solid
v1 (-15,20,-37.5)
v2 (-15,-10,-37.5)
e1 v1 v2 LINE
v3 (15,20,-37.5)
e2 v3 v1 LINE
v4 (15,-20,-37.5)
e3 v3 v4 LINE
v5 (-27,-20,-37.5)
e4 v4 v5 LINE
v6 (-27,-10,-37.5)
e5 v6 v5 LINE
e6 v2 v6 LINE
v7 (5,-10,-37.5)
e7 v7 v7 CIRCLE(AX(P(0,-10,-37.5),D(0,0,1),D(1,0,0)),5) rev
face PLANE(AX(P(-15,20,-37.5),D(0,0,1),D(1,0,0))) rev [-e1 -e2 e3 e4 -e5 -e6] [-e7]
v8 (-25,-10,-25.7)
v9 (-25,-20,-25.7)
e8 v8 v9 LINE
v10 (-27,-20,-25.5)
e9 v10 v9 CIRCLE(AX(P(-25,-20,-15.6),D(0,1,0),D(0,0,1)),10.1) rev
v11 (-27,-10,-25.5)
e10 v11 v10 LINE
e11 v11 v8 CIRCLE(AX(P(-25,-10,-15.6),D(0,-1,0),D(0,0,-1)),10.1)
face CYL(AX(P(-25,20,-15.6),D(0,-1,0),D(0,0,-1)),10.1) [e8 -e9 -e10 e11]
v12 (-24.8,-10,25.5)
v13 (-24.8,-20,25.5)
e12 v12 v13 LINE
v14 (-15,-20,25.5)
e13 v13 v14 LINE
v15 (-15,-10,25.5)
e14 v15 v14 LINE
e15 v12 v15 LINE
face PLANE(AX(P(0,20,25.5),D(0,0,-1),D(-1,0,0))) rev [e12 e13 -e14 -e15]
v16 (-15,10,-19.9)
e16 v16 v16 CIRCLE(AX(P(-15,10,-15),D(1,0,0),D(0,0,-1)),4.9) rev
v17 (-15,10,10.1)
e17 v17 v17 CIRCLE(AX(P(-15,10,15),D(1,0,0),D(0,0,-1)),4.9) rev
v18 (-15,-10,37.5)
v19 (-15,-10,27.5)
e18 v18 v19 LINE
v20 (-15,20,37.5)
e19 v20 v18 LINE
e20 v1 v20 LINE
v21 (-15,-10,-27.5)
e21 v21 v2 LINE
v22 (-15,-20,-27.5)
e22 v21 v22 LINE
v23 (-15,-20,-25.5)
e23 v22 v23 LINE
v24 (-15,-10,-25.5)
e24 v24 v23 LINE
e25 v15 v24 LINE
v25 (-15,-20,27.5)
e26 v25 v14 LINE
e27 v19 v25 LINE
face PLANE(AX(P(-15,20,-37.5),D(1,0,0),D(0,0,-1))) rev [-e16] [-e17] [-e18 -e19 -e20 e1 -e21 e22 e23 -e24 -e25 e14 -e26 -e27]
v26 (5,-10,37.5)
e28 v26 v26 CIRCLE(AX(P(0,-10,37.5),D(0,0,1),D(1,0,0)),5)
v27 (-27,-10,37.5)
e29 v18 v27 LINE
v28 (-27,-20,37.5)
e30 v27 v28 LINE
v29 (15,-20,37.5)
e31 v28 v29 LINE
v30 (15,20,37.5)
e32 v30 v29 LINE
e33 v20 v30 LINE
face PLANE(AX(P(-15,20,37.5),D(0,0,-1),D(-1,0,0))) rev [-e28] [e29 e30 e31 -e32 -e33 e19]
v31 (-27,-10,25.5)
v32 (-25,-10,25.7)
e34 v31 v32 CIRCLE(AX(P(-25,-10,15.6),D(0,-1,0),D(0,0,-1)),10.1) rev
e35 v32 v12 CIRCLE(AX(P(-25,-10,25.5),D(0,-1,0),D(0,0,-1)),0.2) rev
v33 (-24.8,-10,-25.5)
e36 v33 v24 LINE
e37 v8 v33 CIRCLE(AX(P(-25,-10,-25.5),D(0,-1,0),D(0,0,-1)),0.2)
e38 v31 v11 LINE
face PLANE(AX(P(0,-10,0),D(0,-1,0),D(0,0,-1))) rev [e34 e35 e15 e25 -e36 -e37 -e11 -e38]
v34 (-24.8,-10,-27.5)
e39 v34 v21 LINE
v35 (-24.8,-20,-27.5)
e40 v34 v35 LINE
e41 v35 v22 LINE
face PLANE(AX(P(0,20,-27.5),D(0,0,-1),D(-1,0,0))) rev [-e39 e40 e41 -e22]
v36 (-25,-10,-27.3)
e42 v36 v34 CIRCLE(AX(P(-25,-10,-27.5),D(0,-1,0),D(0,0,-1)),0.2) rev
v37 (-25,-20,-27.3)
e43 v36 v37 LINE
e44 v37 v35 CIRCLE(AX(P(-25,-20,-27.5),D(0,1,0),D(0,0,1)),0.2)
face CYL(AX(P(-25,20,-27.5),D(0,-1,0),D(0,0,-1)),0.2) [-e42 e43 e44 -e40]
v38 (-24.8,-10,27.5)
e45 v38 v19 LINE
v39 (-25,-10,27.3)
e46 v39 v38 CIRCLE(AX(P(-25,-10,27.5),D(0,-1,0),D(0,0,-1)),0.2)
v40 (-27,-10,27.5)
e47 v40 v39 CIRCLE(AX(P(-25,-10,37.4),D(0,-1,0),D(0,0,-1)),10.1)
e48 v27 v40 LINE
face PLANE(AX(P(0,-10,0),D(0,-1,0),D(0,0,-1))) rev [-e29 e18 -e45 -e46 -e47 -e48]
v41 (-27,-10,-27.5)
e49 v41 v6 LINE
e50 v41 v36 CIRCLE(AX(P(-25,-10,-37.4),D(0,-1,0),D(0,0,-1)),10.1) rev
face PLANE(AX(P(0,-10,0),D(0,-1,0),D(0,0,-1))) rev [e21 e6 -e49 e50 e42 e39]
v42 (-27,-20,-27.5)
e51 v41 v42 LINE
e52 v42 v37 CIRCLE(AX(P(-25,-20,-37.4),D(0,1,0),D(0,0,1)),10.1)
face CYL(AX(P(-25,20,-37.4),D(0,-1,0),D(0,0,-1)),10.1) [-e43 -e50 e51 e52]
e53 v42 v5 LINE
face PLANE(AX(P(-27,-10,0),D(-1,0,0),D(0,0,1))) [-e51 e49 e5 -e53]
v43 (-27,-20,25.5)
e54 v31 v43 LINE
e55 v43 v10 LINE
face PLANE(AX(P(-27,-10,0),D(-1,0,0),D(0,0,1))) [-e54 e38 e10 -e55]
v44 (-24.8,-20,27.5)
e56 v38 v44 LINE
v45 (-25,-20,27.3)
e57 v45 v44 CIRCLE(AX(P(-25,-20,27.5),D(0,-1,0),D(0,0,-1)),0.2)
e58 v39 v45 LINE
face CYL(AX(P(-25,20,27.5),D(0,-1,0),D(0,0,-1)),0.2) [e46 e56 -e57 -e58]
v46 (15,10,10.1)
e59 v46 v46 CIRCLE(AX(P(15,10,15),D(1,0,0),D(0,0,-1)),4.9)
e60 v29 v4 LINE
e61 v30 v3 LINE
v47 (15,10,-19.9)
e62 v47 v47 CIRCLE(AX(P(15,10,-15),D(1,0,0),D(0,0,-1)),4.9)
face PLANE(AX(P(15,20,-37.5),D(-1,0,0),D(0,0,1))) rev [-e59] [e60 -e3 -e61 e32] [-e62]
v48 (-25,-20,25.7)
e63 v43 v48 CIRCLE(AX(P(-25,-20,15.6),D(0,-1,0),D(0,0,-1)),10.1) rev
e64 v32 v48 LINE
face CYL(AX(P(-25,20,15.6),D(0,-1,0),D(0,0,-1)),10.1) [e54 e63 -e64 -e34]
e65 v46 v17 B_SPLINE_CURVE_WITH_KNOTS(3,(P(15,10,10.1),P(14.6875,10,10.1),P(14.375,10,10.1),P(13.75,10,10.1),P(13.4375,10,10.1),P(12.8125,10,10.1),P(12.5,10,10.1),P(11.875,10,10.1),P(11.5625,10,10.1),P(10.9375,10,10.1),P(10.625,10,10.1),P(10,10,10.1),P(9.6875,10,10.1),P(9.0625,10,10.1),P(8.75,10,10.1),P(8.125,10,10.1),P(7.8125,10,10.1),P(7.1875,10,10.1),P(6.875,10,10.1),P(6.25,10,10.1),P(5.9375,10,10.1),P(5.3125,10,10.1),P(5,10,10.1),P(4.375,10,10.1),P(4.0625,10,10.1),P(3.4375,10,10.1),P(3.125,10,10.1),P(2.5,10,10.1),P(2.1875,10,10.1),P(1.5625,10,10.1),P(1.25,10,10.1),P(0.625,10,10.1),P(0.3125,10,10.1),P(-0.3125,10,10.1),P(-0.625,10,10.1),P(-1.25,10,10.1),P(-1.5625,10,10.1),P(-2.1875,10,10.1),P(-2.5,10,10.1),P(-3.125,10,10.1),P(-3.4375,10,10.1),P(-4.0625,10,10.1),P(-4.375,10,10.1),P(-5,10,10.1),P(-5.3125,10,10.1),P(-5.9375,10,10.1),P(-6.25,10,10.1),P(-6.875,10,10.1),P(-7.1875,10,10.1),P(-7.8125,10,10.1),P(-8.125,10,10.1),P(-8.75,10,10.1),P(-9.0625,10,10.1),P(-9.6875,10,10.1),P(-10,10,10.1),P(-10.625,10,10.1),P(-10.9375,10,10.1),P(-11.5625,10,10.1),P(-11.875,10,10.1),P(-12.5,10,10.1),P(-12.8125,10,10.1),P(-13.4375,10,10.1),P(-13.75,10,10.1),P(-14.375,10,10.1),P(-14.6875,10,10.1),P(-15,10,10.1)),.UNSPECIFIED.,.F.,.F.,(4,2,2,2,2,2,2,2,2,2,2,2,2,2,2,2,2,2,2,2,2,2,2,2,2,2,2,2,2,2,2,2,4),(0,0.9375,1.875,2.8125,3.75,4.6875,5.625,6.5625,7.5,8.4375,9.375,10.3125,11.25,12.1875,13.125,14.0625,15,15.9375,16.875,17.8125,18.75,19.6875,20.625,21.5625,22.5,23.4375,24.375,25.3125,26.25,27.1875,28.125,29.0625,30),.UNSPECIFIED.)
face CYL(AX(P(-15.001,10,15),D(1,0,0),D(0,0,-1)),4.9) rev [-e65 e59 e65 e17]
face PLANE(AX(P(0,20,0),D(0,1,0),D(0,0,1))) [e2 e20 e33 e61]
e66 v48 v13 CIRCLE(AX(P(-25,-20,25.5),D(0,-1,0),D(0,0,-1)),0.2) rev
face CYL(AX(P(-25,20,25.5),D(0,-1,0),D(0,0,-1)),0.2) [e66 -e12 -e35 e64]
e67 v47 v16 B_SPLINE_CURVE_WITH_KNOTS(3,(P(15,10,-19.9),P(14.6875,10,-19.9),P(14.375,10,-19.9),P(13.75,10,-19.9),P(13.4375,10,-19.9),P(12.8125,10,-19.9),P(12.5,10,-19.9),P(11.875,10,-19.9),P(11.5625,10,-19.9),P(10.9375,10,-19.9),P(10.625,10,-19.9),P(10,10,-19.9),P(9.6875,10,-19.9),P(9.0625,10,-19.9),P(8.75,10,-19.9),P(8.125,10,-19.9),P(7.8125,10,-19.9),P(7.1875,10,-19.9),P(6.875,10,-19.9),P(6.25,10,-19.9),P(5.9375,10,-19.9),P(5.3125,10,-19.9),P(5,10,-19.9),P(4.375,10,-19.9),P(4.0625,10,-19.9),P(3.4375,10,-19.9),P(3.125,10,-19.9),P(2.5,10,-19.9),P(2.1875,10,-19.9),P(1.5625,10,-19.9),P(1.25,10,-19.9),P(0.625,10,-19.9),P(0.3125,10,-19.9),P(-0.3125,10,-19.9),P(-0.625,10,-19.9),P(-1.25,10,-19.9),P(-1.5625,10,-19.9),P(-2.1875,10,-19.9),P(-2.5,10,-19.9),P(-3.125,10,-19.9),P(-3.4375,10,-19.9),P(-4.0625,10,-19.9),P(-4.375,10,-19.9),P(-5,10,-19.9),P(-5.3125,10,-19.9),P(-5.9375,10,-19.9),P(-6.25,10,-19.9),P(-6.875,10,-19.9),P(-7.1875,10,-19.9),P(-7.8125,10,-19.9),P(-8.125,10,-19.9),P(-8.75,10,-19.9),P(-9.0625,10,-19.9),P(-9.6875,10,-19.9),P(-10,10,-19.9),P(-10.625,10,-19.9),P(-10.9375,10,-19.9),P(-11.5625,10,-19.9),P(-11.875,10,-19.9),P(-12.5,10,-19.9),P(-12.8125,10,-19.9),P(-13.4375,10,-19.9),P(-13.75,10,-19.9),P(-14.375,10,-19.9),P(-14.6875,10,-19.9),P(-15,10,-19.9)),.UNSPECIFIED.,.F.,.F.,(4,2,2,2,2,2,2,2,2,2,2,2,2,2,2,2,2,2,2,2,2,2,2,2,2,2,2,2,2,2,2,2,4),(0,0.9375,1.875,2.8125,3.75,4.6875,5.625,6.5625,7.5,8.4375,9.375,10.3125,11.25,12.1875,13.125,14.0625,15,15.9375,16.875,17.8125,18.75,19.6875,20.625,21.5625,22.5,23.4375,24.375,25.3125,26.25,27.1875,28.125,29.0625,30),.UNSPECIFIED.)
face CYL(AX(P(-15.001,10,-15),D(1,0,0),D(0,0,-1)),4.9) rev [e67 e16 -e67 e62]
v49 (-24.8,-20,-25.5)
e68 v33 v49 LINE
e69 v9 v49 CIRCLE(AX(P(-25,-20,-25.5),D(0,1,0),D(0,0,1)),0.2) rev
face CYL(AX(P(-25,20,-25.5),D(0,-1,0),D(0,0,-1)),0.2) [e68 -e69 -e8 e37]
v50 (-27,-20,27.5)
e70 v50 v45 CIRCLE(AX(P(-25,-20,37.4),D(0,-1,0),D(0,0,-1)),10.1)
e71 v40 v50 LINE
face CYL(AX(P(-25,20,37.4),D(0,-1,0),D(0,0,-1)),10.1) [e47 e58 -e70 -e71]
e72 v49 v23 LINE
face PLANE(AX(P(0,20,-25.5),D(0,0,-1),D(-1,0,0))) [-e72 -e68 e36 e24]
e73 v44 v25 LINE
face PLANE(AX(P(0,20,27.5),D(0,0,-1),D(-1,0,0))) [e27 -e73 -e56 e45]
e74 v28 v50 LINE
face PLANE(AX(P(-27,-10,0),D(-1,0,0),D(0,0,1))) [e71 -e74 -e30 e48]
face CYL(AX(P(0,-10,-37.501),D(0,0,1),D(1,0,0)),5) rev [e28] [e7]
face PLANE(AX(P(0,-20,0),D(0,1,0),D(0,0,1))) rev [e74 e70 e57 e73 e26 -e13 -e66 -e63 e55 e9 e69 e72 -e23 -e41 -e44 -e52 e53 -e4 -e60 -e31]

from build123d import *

# Parameters (mm, degrees)
SKETCH1_W             = 30
SKETCH1_H             = 75
MAIN_BLOCK_DEPTH      = 20
FRAME_HOLE_REACH      = 81.057
SKETCH2_R             = 5
EM_ROD_HOLES_REACH    = 54.022
EM_ROD_HOLES_SKETCH_R = 4.9
SKETCH4_W             = 12
SKETCH4_H             = 75
BOSS_EXTRUDE1_DEPTH   = 10
CUT_EXTRUDE1_DEPTH    = 62.116691664


with BuildPart() as part:
    # Sketch1 → Main Block (new, symmetric)
    with BuildSketch(Plane(origin=(0, 0, 0), x_dir=(1, 0, 0), z_dir=(0, 1, 0))):
        Rectangle(SKETCH1_W, SKETCH1_H)
    extrude(amount=MAIN_BLOCK_DEPTH, both=True)

    # Sketch2 → Frame Hole (cut, up to next)
    with BuildSketch(Plane.XY.offset(37.5), mode=Mode.PRIVATE) as frame_hole_sk1:
        with Locations((0, -10)):
            Circle(SKETCH2_R)
    frame_hole_tool1 = extrude(frame_hole_sk1.sketch, amount=-FRAME_HOLE_REACH, mode=Mode.PRIVATE) & part.part
    add(frame_hole_tool1.solids().sort_by_distance((0, -10, 37.5))[0], mode=Mode.SUBTRACT)

    # EM Rod Holes Sketch → EM Rod Holes (cut, up to next)
    with BuildSketch(Plane(origin=(15, 0, 0), x_dir=(0, 0, -1), z_dir=(1, 0, 0)), mode=Mode.PRIVATE) as em_rod_holes_sk1:
        with Locations((-15, 10)):
            Circle(EM_ROD_HOLES_SKETCH_R)
    em_rod_holes_tool1 = extrude(em_rod_holes_sk1.sketch, amount=-EM_ROD_HOLES_REACH, mode=Mode.PRIVATE) & part.part
    # EM Rod Holes Sketch → EM Rod Holes (cut, up to next)
    with BuildSketch(Plane(origin=(15, 0, 0), x_dir=(0, 0, -1), z_dir=(1, 0, 0)), mode=Mode.PRIVATE) as em_rod_holes_sk2:
        with Locations((15, 10)):
            Circle(EM_ROD_HOLES_SKETCH_R)
    em_rod_holes_tool2 = extrude(em_rod_holes_sk2.sketch, amount=-EM_ROD_HOLES_REACH, mode=Mode.PRIVATE) & part.part
    add(em_rod_holes_tool1.solids().sort_by_distance((15, 10, 15))[0], mode=Mode.SUBTRACT)
    add(em_rod_holes_tool2.solids().sort_by_distance((15, 10, -15))[0], mode=Mode.SUBTRACT)

    # Sketch4 → Boss-Extrude1 (add)
    with BuildSketch(Plane.XZ.offset(20)):
        with Locations((-21, 0)):
            Rectangle(SKETCH4_W, SKETCH4_H)
    extrude(amount=-BOSS_EXTRUDE1_DEPTH)

    # Sketch6 → Cut-Extrude1 (cut, symmetric)
    with BuildSketch(Plane.XZ.offset(20)):
        with BuildLine():
            ThreePointArc((-25, 27.3), (-26.004987562, 27.350124379), (-27, 27.5))
            Line((-27, 27.5), (-27, 25.5))
            ThreePointArc((-27, 25.5), (-26.004987562, 25.649875621), (-25, 25.7))
            ThreePointArc((-25, 25.7), (-24.858578644, 25.641421356), (-24.8, 25.5))
            Line((-24.8, 25.5), (-15, 25.5))
            Line((-15, 25.5), (-15, 27.5))
            Line((-15, 27.5), (-24.8, 27.5))
            ThreePointArc((-24.8, 27.5), (-24.858578644, 27.358578644), (-25, 27.3))
        make_face()
    cut_extrude1 = extrude(amount=CUT_EXTRUDE1_DEPTH, both=True, mode=Mode.SUBTRACT)

    # Mirror1: Cut-Extrude1 across plane
    add(cut_extrude1.mirror(Plane.XY), mode=Mode.SUBTRACT)


solid = part.part
